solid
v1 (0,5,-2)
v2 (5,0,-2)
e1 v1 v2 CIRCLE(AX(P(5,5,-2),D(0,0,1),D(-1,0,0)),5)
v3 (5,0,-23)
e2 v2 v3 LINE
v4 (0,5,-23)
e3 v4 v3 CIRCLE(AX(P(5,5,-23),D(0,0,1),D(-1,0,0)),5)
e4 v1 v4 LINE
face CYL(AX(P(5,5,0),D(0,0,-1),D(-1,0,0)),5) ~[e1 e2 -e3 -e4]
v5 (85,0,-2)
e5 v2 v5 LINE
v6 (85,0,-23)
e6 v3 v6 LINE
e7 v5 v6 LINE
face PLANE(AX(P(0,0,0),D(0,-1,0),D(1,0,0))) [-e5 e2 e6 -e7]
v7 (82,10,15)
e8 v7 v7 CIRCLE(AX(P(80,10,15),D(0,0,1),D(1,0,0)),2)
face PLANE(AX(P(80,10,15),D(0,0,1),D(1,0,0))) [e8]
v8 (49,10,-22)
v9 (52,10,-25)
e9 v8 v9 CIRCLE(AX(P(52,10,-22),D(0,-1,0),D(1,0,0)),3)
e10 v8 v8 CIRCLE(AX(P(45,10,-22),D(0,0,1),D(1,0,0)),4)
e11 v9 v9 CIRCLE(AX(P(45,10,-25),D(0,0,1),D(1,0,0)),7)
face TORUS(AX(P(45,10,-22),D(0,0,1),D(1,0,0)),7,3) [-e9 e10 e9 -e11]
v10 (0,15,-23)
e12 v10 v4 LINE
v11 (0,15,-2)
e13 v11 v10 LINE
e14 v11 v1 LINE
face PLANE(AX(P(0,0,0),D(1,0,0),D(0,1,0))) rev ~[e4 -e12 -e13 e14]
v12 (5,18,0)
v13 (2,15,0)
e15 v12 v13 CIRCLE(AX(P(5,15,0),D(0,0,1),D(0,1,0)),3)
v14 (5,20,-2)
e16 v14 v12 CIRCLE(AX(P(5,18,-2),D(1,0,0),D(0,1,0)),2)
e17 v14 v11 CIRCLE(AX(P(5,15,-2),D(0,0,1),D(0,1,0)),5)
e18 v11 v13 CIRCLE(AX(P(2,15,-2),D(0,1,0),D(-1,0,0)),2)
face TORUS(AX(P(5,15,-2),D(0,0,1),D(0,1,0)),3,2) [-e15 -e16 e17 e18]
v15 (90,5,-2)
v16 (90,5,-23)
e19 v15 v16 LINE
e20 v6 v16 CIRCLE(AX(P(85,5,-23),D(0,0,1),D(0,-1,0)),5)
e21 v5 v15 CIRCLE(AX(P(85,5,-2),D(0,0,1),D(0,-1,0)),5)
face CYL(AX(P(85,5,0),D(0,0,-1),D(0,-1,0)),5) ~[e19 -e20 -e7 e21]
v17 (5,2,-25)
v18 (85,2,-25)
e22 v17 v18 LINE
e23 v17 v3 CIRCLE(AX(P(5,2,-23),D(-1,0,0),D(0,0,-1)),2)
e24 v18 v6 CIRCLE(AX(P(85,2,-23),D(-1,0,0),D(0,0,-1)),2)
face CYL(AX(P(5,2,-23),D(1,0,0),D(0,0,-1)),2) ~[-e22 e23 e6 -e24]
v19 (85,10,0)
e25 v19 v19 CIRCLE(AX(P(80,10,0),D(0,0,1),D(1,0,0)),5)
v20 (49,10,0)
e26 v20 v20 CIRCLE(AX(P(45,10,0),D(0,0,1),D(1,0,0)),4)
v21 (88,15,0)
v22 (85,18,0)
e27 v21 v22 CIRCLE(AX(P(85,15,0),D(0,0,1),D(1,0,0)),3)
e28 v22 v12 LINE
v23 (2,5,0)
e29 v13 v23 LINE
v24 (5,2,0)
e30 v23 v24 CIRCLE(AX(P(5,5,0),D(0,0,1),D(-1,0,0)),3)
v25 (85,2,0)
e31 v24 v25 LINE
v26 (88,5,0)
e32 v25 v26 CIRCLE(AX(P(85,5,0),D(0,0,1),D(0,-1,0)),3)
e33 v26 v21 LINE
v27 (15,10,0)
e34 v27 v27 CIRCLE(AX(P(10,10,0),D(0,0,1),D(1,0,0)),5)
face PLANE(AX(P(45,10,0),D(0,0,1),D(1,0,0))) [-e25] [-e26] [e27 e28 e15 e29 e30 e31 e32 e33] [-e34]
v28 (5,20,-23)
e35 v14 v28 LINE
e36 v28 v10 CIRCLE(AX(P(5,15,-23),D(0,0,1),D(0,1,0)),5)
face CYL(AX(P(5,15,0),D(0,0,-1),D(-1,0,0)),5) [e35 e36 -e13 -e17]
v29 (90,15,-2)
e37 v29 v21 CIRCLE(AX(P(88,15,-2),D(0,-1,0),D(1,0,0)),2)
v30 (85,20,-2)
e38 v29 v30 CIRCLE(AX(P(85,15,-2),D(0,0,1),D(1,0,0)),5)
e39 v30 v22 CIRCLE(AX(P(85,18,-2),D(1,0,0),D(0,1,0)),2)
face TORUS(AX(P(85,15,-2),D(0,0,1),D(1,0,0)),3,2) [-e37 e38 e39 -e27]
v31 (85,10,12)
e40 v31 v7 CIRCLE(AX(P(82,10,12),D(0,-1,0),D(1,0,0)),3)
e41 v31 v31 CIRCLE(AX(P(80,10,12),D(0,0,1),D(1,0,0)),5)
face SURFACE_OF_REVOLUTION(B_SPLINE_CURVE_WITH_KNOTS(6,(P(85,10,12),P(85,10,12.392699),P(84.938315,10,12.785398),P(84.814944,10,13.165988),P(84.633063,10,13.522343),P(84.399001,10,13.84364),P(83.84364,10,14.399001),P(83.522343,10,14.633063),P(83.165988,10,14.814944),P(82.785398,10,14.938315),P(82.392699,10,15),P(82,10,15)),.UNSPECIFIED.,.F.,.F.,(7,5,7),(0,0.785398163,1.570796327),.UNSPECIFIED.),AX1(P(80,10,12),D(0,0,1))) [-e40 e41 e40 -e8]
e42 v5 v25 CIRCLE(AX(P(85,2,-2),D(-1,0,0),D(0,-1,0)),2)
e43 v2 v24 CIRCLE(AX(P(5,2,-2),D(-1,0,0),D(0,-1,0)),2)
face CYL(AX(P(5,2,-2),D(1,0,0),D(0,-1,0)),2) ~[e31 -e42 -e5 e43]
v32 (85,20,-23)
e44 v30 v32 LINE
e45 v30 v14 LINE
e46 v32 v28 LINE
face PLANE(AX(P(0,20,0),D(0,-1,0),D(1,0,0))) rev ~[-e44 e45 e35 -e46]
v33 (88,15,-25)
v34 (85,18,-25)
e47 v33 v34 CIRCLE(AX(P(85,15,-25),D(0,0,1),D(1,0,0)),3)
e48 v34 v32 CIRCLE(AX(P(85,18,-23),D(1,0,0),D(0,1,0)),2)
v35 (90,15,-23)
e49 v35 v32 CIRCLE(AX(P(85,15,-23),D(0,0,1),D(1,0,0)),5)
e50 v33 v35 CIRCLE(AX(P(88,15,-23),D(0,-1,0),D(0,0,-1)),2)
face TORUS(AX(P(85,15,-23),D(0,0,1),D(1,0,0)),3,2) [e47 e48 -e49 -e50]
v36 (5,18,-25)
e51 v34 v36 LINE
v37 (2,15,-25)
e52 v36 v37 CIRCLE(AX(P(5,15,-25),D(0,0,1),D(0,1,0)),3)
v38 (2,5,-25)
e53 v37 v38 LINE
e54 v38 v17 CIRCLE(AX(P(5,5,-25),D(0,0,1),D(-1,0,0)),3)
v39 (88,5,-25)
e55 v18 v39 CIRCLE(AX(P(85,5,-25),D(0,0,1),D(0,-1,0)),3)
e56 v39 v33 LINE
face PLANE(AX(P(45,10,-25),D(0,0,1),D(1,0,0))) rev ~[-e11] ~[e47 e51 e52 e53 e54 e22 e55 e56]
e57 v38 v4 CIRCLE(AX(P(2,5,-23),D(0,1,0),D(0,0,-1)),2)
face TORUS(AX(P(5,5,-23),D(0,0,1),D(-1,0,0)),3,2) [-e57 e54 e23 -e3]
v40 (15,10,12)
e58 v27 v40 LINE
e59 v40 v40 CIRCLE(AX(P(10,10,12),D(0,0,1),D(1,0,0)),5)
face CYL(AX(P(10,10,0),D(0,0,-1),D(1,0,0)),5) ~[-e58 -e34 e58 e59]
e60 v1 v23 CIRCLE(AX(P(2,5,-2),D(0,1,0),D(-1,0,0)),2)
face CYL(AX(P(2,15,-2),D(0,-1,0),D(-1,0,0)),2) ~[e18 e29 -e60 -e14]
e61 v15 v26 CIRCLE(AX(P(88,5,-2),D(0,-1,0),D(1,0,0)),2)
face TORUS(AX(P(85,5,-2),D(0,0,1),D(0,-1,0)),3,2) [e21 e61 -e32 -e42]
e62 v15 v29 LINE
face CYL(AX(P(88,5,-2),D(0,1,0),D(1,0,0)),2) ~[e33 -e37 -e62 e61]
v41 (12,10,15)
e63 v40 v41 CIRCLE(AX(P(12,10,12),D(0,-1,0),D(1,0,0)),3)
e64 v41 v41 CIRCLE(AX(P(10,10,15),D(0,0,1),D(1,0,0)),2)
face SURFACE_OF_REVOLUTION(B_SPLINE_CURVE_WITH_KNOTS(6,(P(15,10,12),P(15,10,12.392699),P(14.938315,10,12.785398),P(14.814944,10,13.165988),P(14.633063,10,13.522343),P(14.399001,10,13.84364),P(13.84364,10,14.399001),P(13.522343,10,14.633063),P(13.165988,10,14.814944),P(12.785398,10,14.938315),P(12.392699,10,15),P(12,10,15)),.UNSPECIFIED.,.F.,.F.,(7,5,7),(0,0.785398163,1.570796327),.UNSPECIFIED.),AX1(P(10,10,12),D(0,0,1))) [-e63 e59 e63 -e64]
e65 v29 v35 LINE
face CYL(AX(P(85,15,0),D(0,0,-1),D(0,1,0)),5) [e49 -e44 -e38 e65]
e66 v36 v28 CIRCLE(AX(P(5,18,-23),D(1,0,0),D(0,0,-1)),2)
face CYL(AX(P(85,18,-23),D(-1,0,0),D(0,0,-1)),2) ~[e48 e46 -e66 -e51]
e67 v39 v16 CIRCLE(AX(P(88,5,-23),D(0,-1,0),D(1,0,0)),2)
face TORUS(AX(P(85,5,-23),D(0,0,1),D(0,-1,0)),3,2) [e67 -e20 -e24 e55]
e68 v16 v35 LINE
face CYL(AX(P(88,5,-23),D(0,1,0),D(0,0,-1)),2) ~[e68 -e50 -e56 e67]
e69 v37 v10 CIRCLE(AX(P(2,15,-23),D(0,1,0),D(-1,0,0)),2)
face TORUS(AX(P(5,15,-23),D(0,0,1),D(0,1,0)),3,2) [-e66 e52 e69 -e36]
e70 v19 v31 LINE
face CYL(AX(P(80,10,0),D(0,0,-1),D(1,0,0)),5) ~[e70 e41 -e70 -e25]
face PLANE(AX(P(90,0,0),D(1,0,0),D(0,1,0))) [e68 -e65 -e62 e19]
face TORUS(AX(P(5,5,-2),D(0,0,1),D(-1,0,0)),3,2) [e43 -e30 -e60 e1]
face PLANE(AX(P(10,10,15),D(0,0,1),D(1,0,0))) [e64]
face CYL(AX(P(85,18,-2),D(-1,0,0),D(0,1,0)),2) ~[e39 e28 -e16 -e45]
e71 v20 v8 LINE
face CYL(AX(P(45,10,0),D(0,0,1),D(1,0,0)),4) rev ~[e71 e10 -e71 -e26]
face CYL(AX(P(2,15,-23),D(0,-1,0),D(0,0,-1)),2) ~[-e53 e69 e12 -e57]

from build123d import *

# Parameters (mm, degrees)
F0_W     = 90
F0_H     = 20
F1_DEPTH = 25
F2_R     = 5
F3_DEPTH = 15
F4_R     = 4
F5_DEPTH = 25.001
F6_R     = 5
F7_R     = 3
F8_R     = 3
F9_R     = 2
F10_R    = 2


with BuildPart() as f1:
    # F0 (on Top) → F1 (new body)
    with BuildSketch(Plane.XY):
        with Locations((45, 10)):
            Rectangle(F0_W, F0_H)
    extrude(amount=-F1_DEPTH)

    # F2 (on Top) → F3 (join)
    with BuildSketch(Plane.XY):
        with Locations((10, 10)):
            Circle(F2_R)
        with Locations((80, 10)):
            Circle(F2_R)
    extrude(amount=F3_DEPTH)

    # F4 (on Top) → F5 (cut, through all)
    with BuildSketch(Plane.XY):
        with Locations((45, 10)):
            Circle(F4_R)
    extrude(amount=-F5_DEPTH, mode=Mode.SUBTRACT)

    # F6
    f6_edges = [f1.edges().sort_by_distance(p)[0] for p in [
        (0, 0, -12.5),
        (0, 20, -12.5),
        (90, 0, -12.5),
        (90, 20, -12.5),
    ]]
    fillet(f6_edges, radius=F6_R)

    # F7
    f7_edges = [f1.edges().sort_by_distance(p)[0] for p in [
        (5, 10, 15),
        (75, 10, 15),
    ]]
    fillet(f7_edges, radius=F7_R)

    # F8
    f8_edges = [f1.edges().sort_by_distance(p)[0] for p in [
        (41, 10, -25),
    ]]
    fillet(f8_edges, radius=F8_R)

    # F9
    f9_edges = [f1.edges().sort_by_distance(p)[0] for p in [
        (45, 0, -25),
    ]]
    fillet(f9_edges, radius=F9_R)

    # F10
    f10_edges = [f1.edges().sort_by_distance(p)[0] for p in [
        (45, 0, 0),
    ]]
    fillet(f10_edges, radius=F10_R)


solid = f1.part
